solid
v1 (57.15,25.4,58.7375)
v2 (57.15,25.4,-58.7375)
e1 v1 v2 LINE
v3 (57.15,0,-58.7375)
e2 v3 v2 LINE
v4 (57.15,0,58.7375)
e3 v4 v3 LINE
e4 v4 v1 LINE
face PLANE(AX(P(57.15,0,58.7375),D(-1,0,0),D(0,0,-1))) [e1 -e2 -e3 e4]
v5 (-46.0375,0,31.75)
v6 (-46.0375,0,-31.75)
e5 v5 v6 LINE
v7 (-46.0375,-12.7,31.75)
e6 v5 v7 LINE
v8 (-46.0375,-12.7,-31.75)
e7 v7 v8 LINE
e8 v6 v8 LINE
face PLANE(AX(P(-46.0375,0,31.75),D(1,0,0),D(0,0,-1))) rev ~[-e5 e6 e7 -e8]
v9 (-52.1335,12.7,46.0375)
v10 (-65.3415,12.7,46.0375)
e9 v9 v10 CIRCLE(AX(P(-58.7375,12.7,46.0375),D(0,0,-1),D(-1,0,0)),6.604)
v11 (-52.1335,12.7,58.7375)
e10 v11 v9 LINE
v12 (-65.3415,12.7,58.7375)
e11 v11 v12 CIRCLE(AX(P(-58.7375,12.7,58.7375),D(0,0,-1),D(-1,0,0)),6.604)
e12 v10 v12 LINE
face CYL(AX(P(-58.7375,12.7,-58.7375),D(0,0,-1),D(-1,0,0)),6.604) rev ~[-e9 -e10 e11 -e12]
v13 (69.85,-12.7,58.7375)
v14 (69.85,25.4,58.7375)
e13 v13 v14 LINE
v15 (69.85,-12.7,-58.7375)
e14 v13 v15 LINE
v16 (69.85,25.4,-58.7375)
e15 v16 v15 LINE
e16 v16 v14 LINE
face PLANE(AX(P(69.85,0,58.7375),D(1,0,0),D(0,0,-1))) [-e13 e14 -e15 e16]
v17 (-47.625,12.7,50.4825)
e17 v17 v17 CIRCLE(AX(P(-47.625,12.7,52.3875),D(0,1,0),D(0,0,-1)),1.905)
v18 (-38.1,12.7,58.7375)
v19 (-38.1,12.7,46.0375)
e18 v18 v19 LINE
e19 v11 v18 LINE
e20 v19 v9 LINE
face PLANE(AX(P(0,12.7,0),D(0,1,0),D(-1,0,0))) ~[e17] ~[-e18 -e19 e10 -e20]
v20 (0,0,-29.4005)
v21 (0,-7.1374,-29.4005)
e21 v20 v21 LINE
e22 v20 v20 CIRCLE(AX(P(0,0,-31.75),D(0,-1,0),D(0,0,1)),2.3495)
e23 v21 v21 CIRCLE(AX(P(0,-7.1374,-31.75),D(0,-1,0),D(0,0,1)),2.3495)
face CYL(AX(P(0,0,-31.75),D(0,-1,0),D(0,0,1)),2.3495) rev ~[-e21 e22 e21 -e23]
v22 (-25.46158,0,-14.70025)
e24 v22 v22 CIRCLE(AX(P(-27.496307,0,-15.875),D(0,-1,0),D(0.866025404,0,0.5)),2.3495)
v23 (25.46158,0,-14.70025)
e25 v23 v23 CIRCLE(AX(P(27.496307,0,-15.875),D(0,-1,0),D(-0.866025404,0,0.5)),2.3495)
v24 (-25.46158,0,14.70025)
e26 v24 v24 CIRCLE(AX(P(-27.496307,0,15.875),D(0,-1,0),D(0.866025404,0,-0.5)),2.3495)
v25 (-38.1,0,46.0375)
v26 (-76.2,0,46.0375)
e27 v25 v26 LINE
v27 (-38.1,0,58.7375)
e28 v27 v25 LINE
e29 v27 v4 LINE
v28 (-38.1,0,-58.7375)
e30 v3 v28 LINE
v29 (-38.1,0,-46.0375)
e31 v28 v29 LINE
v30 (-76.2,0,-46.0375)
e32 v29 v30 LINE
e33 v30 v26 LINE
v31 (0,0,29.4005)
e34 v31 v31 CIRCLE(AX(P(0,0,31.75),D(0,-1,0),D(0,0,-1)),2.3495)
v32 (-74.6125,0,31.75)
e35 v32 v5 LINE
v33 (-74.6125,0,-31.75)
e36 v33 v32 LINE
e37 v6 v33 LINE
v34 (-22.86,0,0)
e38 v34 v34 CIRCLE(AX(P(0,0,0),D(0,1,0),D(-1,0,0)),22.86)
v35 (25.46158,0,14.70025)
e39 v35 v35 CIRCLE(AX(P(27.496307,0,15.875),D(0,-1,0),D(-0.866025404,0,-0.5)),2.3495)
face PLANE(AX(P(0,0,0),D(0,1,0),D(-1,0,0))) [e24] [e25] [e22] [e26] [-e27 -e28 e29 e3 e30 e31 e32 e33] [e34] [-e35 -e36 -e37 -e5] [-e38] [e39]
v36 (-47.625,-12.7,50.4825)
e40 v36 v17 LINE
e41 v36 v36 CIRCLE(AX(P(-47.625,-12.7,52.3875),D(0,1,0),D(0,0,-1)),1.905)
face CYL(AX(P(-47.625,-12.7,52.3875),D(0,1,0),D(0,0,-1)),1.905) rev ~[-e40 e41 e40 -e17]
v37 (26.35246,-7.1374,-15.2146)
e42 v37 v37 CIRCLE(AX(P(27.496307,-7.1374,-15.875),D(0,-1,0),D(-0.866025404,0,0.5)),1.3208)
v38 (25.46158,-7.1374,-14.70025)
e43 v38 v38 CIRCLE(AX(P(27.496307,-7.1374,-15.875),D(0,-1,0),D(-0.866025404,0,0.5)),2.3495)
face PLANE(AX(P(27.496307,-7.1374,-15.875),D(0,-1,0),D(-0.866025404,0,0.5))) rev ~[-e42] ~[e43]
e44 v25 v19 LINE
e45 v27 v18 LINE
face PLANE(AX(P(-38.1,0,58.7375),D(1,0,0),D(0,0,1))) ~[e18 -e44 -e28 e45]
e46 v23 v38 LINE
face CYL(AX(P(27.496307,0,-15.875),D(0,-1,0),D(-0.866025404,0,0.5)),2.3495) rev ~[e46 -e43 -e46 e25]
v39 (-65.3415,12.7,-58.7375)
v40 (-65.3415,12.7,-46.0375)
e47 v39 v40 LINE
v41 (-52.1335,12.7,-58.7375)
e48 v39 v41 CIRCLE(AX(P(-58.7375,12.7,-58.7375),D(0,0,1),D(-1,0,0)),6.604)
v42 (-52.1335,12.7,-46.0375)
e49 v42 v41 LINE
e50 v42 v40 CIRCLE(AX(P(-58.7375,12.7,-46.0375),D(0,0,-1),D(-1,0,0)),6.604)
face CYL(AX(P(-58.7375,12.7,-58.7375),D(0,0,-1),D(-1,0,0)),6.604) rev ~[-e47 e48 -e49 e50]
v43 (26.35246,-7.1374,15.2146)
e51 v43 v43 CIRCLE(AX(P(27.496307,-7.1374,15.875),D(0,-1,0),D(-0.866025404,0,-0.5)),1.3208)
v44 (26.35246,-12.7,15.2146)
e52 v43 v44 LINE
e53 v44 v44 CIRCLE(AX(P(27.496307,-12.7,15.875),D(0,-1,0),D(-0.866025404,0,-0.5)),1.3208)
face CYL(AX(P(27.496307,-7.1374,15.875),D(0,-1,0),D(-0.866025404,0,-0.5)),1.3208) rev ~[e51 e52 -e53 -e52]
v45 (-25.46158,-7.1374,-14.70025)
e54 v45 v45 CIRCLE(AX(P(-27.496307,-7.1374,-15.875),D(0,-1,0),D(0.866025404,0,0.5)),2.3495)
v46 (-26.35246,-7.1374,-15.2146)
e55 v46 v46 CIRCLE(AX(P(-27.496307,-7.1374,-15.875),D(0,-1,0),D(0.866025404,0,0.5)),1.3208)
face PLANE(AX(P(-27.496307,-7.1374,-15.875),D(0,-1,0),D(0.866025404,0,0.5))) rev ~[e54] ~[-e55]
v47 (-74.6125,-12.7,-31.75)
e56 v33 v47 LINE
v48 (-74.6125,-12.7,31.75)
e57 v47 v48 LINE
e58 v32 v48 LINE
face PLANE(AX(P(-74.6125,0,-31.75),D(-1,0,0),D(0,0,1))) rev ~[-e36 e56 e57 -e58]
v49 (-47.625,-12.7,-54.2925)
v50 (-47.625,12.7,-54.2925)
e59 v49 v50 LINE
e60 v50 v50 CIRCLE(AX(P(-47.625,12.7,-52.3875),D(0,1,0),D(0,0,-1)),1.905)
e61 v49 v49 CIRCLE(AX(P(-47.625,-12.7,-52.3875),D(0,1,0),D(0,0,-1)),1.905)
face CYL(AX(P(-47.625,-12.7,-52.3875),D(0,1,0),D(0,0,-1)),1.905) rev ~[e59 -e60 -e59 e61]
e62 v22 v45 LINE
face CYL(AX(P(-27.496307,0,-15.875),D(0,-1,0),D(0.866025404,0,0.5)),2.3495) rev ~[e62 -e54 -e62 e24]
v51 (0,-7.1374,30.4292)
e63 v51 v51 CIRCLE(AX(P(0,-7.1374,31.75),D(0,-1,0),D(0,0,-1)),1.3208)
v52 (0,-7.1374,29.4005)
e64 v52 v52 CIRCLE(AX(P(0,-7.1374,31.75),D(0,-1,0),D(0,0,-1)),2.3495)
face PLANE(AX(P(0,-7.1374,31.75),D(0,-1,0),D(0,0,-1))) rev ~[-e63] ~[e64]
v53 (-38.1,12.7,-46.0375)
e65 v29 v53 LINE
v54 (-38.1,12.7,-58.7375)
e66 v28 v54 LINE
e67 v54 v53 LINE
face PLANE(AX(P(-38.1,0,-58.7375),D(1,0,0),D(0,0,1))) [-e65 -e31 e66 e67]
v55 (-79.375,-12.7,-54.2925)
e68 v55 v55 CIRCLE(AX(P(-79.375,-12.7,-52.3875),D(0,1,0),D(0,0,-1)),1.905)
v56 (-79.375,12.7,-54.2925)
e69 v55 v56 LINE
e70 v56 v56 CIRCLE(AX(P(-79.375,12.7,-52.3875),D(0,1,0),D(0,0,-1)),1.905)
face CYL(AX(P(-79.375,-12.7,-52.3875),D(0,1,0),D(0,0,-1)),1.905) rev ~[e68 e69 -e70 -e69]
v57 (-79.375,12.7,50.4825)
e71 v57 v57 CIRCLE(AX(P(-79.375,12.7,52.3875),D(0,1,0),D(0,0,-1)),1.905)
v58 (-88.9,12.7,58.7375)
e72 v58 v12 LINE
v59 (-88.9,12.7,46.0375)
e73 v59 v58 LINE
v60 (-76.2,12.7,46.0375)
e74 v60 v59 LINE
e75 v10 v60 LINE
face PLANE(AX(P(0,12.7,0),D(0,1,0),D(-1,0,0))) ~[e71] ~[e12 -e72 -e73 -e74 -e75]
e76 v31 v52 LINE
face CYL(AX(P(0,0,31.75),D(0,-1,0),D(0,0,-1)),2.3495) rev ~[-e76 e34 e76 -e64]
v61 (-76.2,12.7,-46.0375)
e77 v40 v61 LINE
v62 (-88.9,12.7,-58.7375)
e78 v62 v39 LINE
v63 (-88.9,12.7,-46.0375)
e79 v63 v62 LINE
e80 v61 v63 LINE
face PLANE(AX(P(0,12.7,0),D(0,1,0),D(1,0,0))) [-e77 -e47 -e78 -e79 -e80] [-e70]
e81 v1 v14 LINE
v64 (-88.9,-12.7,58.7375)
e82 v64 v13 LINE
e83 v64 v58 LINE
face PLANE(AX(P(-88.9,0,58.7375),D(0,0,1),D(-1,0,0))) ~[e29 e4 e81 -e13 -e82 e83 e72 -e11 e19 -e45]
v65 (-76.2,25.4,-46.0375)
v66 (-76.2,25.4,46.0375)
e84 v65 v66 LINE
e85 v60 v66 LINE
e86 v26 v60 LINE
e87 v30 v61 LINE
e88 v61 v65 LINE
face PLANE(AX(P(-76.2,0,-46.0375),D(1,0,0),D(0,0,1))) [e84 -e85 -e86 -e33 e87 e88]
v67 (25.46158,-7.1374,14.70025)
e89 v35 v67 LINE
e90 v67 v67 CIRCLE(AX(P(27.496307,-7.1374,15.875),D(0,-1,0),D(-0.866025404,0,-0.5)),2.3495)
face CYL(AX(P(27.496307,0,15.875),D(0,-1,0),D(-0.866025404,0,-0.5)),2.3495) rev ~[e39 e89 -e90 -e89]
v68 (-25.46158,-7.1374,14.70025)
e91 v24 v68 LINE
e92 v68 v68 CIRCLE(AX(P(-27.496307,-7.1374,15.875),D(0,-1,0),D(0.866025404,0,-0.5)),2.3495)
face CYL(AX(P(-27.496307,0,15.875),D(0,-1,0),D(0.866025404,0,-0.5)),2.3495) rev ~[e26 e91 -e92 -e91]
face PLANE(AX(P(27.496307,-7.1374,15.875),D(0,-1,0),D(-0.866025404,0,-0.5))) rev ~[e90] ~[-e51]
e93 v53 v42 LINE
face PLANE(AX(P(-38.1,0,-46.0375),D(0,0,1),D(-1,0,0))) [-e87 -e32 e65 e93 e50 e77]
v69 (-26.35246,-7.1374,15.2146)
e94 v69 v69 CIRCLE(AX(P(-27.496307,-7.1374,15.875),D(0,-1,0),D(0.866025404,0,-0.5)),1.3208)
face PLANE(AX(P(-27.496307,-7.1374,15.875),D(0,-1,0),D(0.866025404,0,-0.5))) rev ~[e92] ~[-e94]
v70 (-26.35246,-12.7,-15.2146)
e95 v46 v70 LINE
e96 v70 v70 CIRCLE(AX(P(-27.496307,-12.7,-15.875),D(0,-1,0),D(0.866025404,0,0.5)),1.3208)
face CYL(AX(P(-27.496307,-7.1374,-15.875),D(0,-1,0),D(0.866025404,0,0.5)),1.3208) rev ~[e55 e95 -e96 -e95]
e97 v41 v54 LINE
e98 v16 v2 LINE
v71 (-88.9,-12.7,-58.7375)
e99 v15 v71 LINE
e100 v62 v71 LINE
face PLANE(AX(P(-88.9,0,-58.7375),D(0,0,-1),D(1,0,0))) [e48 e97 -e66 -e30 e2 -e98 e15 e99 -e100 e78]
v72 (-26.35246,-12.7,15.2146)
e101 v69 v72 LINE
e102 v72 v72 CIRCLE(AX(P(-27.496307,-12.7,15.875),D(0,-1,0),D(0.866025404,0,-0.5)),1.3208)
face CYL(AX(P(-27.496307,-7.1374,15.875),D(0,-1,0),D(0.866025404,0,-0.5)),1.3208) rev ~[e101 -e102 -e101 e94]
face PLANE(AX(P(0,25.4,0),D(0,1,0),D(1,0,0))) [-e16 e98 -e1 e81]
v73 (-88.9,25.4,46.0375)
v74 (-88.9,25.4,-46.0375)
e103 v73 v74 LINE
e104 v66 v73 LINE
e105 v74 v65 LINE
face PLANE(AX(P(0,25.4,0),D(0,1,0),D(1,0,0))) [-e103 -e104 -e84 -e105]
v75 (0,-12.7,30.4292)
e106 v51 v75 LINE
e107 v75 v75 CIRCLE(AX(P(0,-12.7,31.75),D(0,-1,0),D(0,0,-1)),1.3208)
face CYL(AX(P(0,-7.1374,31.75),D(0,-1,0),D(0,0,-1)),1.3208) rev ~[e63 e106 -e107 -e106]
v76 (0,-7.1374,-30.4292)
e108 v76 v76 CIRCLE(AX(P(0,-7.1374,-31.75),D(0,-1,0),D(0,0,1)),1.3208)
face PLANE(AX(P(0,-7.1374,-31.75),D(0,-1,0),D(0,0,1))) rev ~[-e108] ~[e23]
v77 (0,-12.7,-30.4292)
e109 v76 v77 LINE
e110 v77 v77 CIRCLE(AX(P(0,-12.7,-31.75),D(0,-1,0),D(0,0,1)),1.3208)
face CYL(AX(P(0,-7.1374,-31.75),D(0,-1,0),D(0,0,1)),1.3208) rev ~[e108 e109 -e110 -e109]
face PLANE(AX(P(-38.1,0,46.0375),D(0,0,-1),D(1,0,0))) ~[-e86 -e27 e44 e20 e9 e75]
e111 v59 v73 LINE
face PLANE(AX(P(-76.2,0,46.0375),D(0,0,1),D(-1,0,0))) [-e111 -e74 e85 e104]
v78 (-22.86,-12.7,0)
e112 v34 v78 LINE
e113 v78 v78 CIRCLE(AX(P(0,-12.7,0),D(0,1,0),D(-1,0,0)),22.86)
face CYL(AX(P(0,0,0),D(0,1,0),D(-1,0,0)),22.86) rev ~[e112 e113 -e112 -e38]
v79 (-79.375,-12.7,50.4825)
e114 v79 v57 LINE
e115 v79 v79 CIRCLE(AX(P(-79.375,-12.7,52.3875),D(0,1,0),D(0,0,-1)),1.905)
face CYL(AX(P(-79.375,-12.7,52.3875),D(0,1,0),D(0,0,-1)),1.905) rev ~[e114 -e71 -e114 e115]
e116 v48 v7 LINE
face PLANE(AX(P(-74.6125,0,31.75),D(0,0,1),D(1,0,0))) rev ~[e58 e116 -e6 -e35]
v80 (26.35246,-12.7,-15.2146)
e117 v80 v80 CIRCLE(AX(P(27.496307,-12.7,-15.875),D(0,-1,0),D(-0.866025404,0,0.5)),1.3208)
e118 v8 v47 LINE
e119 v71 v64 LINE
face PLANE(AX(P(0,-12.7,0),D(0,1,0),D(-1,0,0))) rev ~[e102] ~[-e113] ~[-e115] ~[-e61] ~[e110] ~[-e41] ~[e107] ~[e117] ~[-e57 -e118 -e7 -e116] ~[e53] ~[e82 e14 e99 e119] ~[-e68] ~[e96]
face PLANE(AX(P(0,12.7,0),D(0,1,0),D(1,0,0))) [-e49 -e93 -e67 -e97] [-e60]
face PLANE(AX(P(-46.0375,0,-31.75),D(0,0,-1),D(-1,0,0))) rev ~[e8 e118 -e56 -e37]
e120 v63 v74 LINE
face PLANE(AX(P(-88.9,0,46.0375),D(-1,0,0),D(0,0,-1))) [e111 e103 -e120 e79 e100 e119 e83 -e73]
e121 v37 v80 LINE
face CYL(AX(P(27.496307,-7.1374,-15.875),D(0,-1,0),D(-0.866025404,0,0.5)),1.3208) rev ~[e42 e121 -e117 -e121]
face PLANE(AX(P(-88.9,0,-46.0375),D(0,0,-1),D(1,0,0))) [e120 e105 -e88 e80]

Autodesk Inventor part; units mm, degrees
ref_plane "YZ Plane" through (0, 0, 0) normal (1, 0, 0) x (0, 1, 0)
ref_plane "XZ Plane" through (0, 0, 0) normal (0, 1, 0) x (-1, 0, 0)
sketch "Sketch10" plane through (0, 0, 0) normal (0, 1, 0) x (-1, 0, 0)
  line L0 (88.9, 58.7375) -> (-88.9, 58.7375)
  line L1 (-88.9, 58.7375) -> (-88.9, -58.7375)
  line L2 (-88.9, -58.7375) -> (88.9, -58.7375)
  line L3 (88.9, -58.7375) -> (88.9, 58.7375)
  line L4 (88.9, 58.7375) -> (-88.9, -58.7375) construction
  line L5 (-88.9, 58.7375) -> (88.9, -58.7375) construction
  circle A0 centre (0, 0) radius 22.86
  dimension "d56" = 177.8
  dimension "d57" = 45.72
extrude "Extrusion5" add sketch "Sketch10" against normal blind 12.7
sketch "Sketch11" plane through (0, 0, 0) normal (0, 1, 0) x (1, 0, 0)
  point P0 (0, 0)
  point P1 (0, 31.75)
  dimension "d60" = 31.75
hole "Hole4" at (0, 0, -31.75) direction (0, -1, 0) diameter 2.6416 end through all counterbore diameter 4.699 counterbore depth 7.1374 thread size "6-32 UNC" class "2B" standard "ANSI Unified Screw Threads"
pattern_circular "Circular Pattern1" count 6 over 360 about axis through (0, -10, 0) along (0, 1, 0) of "Hole4"
sketch "Sketch12" plane through (0, 0, 0) normal (0, 1, 0) x (1, 0, 0)
  line L0 (-88.9, -58.7375) -> (-88.9, 58.7375) projected
  line L1 (-88.9, 58.7375) -> (-38.1, 58.7375)
  line L2 (-38.1, 58.7375) -> (-38.1, 46.0375)
  line L3 (-38.1, 46.0375) -> (-88.9, 46.0375)
  line L4 (-88.9, 46.0375) -> (-88.9, 58.7375)
  point P0 (0, 0)
  dimension "d71" = 12.7
  dimension "d72" = 50.8
extrude "Extrusion6" add sketch "Sketch12" along normal blind 12.7
mirror "Mirror2" about plane through (0, 0, 0) normal (0, 0, 1) of "Extrusion6"
sketch "Sketch13" plane through (88.9, -12.7, -58.7375) normal (0, 0, -1) x (-1, 0, 0)
  line L0 (127, 25.4) -> (177.8, 25.4) projected
  circle A0 centre (147.6375, 25.4) radius 6.604
  point P0 (88.9, 12.7)
  dimension "d75" = 13.208
extrude "Extrusion7" cut sketch "Sketch13" against normal through all
sketch "Sketch14" plane through (0, 0, 0) normal (0, 1, 0) x (1, 0, 0)
  line L0 (-88.9, 46.0375) -> (-76.2, 46.0375)
  line L1 (-76.2, 46.0375) -> (-76.2, -46.0375)
  line L2 (-76.2, -46.0375) -> (-88.9, -46.0375)
  line L3 (-88.9, -46.0375) -> (-88.9, 46.0375)
  point P0 (0, 0)
  dimension "d78" = 12.7
extrude "Extrusion8" add sketch "Sketch14" along normal blind 25.4
sketch "Sketch15" plane through (0, 0, 0) normal (0, 1, 0) x (1, 0, 0)
  line L0 (88.9, 58.7375) -> (-38.1, 58.7375) projected
  line L1 (-38.1, -58.7375) -> (88.9, -58.7375) projected
  line L2 (57.15, 58.7375) -> (69.85, 58.7375)
  line L3 (69.85, 58.7375) -> (69.85, -58.7375)
  line L4 (69.85, -58.7375) -> (57.15, -58.7375)
  line L5 (57.15, -58.7375) -> (57.15, 58.7375)
  line L6 (-88.9, 46.0375) -> (-88.9, -46.0375) projected
  point P0 (0, 0)
  dimension "d81" = 12.7
  dimension "d82" = 146.05
extrude "Extrusion9" add sketch "Sketch15" along normal blind 25.4
sketch "Sketch16" plane through (0, 0, 0) normal (0, 1, 0) x (1, 0, 0)
  line L0 (88.9, 58.7375) -> (69.85, 58.7375) projected
  line L1 (88.9, -58.7375) -> (69.85, -58.7375)
  line L2 (69.85, -58.7375) -> (69.85, 58.7375)
  line L3 (69.85, 58.7375) -> (88.9, 58.7375)
  line L4 (88.9, 58.7375) -> (88.9, -58.7375)
  point P0 (0, 0)
extrude "Extrusion10" cut sketch "Sketch16" against normal through all
sketch "Sketch18" plane through (0, -12.7, 0) normal (0, -1, 0) x (1, 0, 0)
  line L0 (-88.9, 58.7375) -> (-88.9, 46.0375) construction
  line L1 (-88.9, 52.3875) -> (69.85, 52.3875) construction
  line L2 (69.85, 58.7375) -> (69.85, -58.7375) construction
  line L3 (-88.9, -58.7375) -> (-88.9, -46.0375) construction
  line L4 (-88.9, -52.3875) -> (69.85, -52.3875) construction
  line L5 (-65.3415, -46.0375) -> (-65.3415, -58.7375) projected
  line L6 (-65.3415, -58.7375) -> (-88.9, -58.7375) projected
  line L7 (-88.9, -58.7375) -> (-88.9, -46.0375) projected
  line L8 (-88.9, -46.0375) -> (-76.2, -46.0375) projected
  line L9 (-76.2, -46.0375) -> (-65.3415, -46.0375) projected
  line L10 (-52.1335, -58.7375) -> (-52.1335, -46.0375) projected
  line L11 (-52.1335, -46.0375) -> (-38.1, -46.0375) projected
  line L12 (-38.1, -46.0375) -> (-38.1, -58.7375) projected
  line L13 (-38.1, -58.7375) -> (-52.1335, -58.7375) projected
  line L14 (-88.9, 58.7375) -> (-88.9, -58.7375) projected
  line L15 (-88.9, 0) -> (69.85, 0) construction
  line L16 (69.85, -58.7375) -> (69.85, 58.7375) construction
  point P0 (0, 0)
  point P1 (-79.375, -52.3875)
  point P2 (-47.625, -52.3875)
  point P3 (-79.375, 52.3875)
  point P4 (-47.625, 52.3875)
  dimension "d94" = 9.525
  dimension "d95" = 9.525
hole "Hole6" at (-79.375, -12.7, -52.3875) at (-47.625, -12.7, -52.3875) at (-79.375, -12.7, 52.3875) at (-47.625, -12.7, 52.3875) direction (0, 1, 0) diameter 3.81 end through all clearance for "Flat Head Machine Screw (82)" size "#6" standard "Ansi Unified Screw Threads"
sketch "Sketch19" plane through (0, 0, 0) normal (0, 1, 0) x (1, 0, 0)
  line L0 (-74.6125, 31.75) -> (-74.6125, -31.75)
  line L1 (-74.6125, -31.75) -> (-46.0375, -31.75)
  line L2 (-46.0375, -31.75) -> (-46.0375, 31.75)
  line L3 (-46.0375, 31.75) -> (-74.6125, 31.75)
  line L4 (-74.6125, 31.75) -> (-46.0375, -31.75) construction
  line L5 (-74.6125, -31.75) -> (-46.0375, 31.75) construction
  point P0 (0, 0)
  point P1 (-60.325, 0)
extrude "Extrusion11" cut sketch "Sketch19" against normal blind 12.7
equation "\"length\" = 69.0372"
properties part number "SupportForAxel" material "PBT Plastic"
